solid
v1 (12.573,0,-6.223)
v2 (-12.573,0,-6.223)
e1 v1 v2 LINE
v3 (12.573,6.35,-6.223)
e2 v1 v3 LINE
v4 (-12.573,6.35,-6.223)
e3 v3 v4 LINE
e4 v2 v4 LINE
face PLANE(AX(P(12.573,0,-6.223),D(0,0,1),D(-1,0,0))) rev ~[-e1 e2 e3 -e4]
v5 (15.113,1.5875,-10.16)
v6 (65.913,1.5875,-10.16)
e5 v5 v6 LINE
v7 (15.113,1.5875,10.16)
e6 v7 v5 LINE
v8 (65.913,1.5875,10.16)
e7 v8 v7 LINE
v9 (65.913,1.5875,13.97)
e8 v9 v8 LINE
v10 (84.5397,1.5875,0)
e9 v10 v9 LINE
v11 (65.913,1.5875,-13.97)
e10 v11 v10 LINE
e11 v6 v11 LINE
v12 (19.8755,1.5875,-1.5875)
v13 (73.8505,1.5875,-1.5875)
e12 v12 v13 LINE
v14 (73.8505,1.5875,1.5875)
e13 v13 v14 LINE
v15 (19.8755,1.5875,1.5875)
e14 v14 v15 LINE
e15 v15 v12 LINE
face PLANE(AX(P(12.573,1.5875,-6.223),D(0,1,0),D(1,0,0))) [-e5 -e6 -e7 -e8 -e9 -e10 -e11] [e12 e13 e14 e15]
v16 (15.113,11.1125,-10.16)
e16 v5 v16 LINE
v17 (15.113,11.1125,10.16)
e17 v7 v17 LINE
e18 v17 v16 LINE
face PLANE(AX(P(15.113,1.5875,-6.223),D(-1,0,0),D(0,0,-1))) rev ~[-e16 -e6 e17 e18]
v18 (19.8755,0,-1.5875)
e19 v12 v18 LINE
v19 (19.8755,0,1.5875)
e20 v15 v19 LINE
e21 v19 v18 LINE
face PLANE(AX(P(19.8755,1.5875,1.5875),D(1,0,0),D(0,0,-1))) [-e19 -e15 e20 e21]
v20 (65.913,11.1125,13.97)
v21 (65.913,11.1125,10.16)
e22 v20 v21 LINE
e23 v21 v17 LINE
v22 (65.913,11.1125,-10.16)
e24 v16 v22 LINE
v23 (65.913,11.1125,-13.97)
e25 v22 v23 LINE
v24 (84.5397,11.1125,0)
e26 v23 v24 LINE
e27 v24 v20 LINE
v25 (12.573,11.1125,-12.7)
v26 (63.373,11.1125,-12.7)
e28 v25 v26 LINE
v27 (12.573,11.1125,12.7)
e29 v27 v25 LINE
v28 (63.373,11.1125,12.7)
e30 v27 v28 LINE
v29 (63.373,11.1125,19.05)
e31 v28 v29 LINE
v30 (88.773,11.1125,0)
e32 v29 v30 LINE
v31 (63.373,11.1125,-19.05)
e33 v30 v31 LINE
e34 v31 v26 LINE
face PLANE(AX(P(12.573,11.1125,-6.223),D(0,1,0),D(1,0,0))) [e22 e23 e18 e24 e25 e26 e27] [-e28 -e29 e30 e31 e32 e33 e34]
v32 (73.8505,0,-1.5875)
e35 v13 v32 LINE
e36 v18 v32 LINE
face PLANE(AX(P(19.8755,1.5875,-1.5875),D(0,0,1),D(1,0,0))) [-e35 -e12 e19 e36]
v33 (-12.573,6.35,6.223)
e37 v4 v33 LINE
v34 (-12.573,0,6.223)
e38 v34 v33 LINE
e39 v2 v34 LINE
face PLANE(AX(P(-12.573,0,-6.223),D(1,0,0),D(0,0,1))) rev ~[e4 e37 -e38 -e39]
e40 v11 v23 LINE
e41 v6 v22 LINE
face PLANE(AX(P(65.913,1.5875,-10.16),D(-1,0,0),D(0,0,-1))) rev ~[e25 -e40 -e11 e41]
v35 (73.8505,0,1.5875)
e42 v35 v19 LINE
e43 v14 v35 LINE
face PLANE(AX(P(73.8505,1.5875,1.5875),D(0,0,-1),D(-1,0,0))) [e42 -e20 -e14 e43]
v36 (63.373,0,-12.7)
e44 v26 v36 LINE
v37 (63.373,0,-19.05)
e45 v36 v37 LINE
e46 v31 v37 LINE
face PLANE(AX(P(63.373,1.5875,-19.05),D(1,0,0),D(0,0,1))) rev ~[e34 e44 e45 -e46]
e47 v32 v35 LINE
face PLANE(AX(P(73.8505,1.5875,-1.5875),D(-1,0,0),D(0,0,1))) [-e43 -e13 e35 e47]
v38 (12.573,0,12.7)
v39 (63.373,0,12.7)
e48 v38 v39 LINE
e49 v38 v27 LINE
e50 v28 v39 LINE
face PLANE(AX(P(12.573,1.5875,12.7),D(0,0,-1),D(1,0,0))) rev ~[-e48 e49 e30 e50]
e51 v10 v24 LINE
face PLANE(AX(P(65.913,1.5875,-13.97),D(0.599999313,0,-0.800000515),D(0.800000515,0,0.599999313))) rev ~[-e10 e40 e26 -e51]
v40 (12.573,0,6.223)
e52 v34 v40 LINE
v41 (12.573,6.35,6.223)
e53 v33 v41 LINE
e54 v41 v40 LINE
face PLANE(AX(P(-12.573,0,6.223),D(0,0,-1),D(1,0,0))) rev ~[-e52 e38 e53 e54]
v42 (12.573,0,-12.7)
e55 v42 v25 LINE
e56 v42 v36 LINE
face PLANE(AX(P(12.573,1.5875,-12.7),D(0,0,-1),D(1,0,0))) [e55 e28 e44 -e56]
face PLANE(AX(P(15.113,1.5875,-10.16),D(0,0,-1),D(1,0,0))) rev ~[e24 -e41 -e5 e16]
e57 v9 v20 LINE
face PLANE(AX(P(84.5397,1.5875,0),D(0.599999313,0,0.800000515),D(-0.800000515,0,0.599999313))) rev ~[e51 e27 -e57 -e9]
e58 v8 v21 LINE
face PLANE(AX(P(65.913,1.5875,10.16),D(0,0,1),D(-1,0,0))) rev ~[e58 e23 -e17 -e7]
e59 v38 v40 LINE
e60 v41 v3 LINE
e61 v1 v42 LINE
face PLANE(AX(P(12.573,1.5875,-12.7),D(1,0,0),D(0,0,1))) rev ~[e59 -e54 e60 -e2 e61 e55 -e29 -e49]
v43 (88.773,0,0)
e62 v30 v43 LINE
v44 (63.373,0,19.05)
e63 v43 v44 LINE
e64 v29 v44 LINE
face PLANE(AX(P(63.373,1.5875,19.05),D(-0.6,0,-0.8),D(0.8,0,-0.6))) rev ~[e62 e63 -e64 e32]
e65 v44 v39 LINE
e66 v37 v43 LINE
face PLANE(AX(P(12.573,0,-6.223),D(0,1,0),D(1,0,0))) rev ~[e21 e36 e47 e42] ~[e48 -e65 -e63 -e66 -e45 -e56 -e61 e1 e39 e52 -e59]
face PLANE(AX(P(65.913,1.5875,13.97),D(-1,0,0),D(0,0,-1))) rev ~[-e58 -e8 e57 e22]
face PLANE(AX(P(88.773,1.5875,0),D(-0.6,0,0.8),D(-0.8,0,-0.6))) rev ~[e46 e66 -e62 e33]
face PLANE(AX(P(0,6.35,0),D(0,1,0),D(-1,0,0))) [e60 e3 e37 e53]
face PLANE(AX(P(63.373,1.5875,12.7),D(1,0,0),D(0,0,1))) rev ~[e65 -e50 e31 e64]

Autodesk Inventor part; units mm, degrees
ref_plane "YZ Plane" through (0, 0, 0) normal (1, 0, 0) x (0, 1, 0)
ref_plane "XZ Plane" through (0, 0, 0) normal (0, 1, 0) x (-1, 0, 0)
ref_plane "XY Plane" through (0, 0, 0) normal (0, 0, 1) x (1, 0, 0)
sketch "Sketch1" plane through (0, 0, 0) normal (0, 1, 0) x (-1, 0, 0)
  line L0 (12.573, 6.223) -> (-12.573, 6.223)
  line L1 (-12.573, 6.223) -> (-12.573, -6.223)
  line L2 (-12.573, -6.223) -> (12.573, -6.223)
  line L3 (12.573, -6.223) -> (12.573, 6.223)
  point P0 (0, 0)
  dimension "d0" = 12.446
  dimension "d1" = 25.146
  dimension "d2" = 6.223
  dimension "d3" = 12.573
extrude "Extrusion1" add sketch "Sketch1" along normal blind 6.35
sketch "Sketch2" plane through (12.573, 0, 6.223) normal (1, 0, 0) x (0, 0, -1)
  line L0 (-6.477, 0) -> (18.923, 0)
  line L1 (18.923, 0) -> (18.923, 1.5875)
  line L2 (18.923, 1.5875) -> (-6.477, 1.5875)
  line L3 (-6.477, 1.5875) -> (-6.477, 0)
  line L4 (0, 0) -> (12.446, 0) projected
  line L5 (0, 0) -> (12.446, 0) projected
  line L6 (12.446, 0) -> (12.446, 6.35) projected
  line L7 (0, 6.35) -> (12.446, 6.35) projected
  line L8 (0, 0) -> (0, 6.35) projected
  point P0 (6.223, 0)
  point P1 (6.223, 0)
  dimension "d6" = 25.4
  dimension "d7" = 12.7
  dimension "d8" = 1.5875
extrude "Extrusion2" add sketch "Sketch2" along normal blind 50.8 contours L3 L2 L8 L0 | L8 L2 L6 L0 | L6 L2 L1 L0
sketch "Sketch3" plane through (12.573, 1.5875, -6.223) normal (0, 1, 0) x (1, 0, 0)
  line L0 (0, 6.477) -> (0, 0) projected
  line L1 (0, -12.446) -> (0, 0) projected
  line L2 (0, -12.446) -> (0, -18.923) projected
  line L3 (0, -18.923) -> (50.8, -18.923) projected
  line L4 (50.8, 6.477) -> (50.8, -18.923) projected
  line L5 (0, 6.477) -> (50.8, 6.477) projected
  line L6 (50.8, -25.273) -> (50.8, 12.827)
  line L7 (50.8, 12.827) -> (76.2, -6.223)
  line L8 (76.2, -6.223) -> (50.8, -25.273)
  point P0 (-12.573, -6.223)
  point P1 (50.8, -18.923)
  dimension "d11" = 38.1
  dimension "d12" = 6.35
  dimension "d13" = 12.7
  dimension "d14" = 12.7
  dimension "d15" = 25.4
  dimension "d16" = 50.8
  dimension "d17" = 50.8
extrude "Extrusion3" add sketch "Sketch3" against normal blind 1.5875 contours L6 L7 L8 L4
sketch "Sketch4" plane through (12.573, 1.5875, -6.223) normal (0, 1, 0) x (1, 0, 0)
  line L0 (0, 6.477) -> (0, 0) projected
  line L1 (0, -12.446) -> (0, 0) projected
  line L2 (0, -12.446) -> (0, -18.923) projected
  line L3 (0, -18.923) -> (50.8, -18.923) projected
  line L4 (50.8, -18.923) -> (50.8, -25.273) projected
  line L5 (50.8, -25.273) -> (76.2, -6.223) projected
  line L6 (76.2, -6.223) -> (50.8, 12.827) projected
  line L7 (50.8, 12.827) -> (50.8, 6.477) projected
  line L8 (0, 6.477) -> (50.8, 6.477) projected
  line L9 (53.34, 3.937) -> (53.34, 7.747)
  line L10 (53.34, 7.747) -> (71.9667, -6.223)
  line L11 (71.9667, -6.223) -> (53.34, -20.193)
  line L12 (53.34, -20.193) -> (53.34, -16.383)
  line L13 (53.34, -16.383) -> (2.54, -16.383)
  line L14 (2.54, -16.383) -> (2.54, -12.446)
  line L15 (2.54, -12.446) -> (2.54, 0)
  line L16 (2.54, 0) -> (2.54, 3.937)
  line L17 (2.54, 3.937) -> (53.34, 3.937)
  point P0 (-12.573, -6.223)
  dimension "d20" = 2.54
extrude "Extrusion4" add sketch "Sketch4" along normal blind 9.525
sketch "Sketch6" plane through (15.113, 1.5875, -10.16) normal (0, 1, 0) x (1, 0, 0)
  line L0 (4.7625, -8.5725) -> (58.7375, -8.5725)
  line L1 (58.7375, -8.5725) -> (58.7375, -11.7475)
  line L2 (58.7375, -11.7475) -> (4.7625, -11.7475)
  line L3 (4.7625, -11.7475) -> (4.7625, -8.5725)
  line L4 (-27.686, -3.937) -> (-27.686, -16.383) projected
  point P0 (-15.113, -10.16)
  point P1 (-27.686, -10.16)
  dimension "d23" = 3.175
  dimension "d24" = 1.5875
extrude "Extrusion5" cut sketch "Sketch6" against normal blind 9.525
equation "\"d2\" = 0.5 * d0"
equation "\"d3\" = 0.5 * d1"
equation "\"d7\" = 0.5 * d6"
equation "\"d17\" = d16"
equation "\"d24\" = 0.5 * d23"
properties part number "Part_5_ledholder"
